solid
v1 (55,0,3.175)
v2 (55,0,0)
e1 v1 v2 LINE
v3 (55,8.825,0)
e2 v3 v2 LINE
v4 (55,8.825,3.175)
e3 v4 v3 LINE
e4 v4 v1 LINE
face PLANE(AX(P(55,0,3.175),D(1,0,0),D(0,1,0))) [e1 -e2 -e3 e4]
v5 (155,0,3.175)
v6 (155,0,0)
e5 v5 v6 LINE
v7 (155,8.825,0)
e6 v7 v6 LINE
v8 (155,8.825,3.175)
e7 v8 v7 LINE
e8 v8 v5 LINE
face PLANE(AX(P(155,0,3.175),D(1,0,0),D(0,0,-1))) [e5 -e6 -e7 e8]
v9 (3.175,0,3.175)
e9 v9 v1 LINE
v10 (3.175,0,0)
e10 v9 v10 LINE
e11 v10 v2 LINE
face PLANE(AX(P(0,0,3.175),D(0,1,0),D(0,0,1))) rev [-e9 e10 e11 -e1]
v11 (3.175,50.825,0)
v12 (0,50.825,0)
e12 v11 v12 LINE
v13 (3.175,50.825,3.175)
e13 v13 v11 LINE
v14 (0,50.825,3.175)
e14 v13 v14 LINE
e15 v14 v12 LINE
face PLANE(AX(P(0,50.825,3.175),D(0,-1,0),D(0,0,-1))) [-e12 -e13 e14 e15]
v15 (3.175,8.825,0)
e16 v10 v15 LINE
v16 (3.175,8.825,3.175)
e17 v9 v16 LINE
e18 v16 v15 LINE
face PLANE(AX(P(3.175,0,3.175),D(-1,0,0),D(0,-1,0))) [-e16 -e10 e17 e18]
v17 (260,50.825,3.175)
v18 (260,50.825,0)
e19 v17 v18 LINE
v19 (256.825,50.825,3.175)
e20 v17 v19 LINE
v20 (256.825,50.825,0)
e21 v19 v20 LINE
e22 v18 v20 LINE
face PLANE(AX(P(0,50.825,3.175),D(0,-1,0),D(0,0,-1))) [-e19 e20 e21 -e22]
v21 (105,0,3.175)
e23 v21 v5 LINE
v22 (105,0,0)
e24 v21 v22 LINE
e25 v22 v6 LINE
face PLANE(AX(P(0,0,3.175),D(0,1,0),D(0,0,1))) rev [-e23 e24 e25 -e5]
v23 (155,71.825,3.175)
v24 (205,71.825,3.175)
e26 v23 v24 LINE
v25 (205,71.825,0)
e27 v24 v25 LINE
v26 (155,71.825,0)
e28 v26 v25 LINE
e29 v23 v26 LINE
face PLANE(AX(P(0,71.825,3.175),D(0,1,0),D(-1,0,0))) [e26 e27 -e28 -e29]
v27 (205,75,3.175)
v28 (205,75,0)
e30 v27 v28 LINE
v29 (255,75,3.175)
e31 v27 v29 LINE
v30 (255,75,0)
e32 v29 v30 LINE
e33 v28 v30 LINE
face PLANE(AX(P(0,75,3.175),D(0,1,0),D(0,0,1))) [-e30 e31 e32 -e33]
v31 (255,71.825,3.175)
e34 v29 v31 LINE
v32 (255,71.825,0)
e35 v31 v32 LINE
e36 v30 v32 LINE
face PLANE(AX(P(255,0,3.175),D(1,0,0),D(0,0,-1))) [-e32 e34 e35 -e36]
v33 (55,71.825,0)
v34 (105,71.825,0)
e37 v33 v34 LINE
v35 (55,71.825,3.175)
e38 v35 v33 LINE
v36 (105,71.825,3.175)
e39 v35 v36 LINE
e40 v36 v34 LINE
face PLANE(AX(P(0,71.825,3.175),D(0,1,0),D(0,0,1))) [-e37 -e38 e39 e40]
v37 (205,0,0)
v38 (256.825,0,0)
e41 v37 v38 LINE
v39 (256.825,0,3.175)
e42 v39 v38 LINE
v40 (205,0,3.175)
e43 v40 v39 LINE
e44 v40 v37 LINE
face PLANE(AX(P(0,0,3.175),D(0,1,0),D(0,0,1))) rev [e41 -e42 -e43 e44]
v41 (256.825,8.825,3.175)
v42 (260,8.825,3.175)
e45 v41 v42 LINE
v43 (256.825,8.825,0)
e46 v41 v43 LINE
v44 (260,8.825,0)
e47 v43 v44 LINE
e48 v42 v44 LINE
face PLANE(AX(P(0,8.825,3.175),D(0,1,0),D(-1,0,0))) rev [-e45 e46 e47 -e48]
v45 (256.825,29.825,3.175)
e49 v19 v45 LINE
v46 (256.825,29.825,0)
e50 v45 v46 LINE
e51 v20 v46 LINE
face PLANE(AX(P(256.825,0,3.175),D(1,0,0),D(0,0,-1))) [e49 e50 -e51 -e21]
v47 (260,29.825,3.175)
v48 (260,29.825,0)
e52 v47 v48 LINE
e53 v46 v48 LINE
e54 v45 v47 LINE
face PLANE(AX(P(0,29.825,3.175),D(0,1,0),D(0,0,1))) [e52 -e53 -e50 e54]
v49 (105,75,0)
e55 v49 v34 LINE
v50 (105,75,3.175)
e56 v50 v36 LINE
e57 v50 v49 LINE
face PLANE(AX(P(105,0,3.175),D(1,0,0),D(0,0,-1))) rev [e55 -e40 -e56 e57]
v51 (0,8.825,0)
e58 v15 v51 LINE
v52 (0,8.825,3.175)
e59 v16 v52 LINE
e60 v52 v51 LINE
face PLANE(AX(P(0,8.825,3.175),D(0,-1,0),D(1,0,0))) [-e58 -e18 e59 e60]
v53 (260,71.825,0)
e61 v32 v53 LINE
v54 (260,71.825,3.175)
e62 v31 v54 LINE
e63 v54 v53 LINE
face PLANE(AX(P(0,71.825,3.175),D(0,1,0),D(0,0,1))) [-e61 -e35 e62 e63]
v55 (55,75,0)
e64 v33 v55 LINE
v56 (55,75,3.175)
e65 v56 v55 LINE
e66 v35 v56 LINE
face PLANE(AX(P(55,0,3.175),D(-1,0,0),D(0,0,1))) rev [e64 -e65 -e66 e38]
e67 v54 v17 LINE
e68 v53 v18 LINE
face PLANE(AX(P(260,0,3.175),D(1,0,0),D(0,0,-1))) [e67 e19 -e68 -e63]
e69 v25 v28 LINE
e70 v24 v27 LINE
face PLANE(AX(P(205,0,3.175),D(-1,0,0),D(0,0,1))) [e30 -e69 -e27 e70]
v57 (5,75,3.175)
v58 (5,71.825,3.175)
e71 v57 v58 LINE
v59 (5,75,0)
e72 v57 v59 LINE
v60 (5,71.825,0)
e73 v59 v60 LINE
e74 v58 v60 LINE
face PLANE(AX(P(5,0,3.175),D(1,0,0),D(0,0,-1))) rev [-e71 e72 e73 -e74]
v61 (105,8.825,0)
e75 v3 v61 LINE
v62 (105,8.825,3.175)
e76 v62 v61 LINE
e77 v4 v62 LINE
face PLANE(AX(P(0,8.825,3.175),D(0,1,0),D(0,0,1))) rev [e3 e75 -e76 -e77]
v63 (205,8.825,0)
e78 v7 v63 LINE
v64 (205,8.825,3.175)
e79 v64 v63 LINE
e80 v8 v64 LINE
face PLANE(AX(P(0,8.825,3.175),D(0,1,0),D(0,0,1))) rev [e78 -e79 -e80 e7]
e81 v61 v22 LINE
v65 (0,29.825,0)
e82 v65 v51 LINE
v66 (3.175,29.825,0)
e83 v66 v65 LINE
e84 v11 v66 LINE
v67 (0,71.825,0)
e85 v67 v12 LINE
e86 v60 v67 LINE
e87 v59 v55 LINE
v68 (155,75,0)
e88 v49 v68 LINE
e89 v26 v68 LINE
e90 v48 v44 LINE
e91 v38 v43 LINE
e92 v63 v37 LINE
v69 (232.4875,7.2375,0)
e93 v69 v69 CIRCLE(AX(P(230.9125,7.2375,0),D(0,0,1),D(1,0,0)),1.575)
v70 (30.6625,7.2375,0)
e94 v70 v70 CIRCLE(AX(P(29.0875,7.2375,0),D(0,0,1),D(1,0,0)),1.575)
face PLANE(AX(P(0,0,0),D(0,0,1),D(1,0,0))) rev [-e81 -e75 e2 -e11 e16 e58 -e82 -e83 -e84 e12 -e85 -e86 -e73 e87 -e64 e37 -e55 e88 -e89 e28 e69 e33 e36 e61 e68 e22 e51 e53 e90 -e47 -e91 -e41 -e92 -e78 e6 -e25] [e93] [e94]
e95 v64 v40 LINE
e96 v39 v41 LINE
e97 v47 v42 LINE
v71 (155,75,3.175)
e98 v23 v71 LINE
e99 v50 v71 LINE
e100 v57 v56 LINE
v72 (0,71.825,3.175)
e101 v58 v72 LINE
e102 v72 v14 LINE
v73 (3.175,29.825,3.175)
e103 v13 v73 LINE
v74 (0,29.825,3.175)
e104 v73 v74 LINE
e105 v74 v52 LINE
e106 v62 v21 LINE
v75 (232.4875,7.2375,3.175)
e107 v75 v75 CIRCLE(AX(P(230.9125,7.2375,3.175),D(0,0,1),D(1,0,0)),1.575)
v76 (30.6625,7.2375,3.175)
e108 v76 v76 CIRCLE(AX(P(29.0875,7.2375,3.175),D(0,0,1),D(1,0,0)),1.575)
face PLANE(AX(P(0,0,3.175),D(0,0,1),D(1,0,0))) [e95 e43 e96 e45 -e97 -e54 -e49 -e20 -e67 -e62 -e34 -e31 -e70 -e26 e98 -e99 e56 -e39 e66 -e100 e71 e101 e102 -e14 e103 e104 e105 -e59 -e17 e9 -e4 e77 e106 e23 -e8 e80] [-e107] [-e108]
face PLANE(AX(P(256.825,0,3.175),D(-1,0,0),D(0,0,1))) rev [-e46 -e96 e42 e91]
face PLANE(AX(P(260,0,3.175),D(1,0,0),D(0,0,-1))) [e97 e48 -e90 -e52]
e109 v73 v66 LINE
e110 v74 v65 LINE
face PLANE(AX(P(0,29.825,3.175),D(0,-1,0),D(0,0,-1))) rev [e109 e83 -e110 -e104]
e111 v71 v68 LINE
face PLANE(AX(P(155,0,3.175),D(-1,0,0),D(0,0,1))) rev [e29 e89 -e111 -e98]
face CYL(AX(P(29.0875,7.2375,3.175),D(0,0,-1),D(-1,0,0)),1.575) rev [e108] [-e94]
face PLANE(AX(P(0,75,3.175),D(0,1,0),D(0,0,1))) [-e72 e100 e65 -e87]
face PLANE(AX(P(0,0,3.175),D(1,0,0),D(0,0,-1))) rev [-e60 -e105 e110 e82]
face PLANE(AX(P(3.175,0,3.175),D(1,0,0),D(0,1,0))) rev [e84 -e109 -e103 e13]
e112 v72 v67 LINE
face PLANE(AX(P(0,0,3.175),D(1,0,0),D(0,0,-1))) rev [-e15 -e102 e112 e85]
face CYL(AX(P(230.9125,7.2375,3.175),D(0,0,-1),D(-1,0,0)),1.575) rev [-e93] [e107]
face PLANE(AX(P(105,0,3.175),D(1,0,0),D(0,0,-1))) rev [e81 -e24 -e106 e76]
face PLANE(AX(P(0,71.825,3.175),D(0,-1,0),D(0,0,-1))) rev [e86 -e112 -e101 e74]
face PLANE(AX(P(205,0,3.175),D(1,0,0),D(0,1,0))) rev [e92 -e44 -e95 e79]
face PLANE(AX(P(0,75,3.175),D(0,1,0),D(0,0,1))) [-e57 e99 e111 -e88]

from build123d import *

# Parameters (mm, degrees)
SKETCH1_R           = 1.575
BOSS_EXTRUDE1_DEPTH = 3.175


with BuildPart() as part:
    # Sketch1 → Boss-Extrude1 (new body)
    with BuildSketch(Plane.XY):
        Polygon((55, 75), (5, 75), (5, 71.825), (0, 71.825), (0, 50.825), (3.175, 50.825), (3.175, 29.825), (0, 29.825), (0, 8.825), (3.175, 8.825), (3.175, 0), (55, 0), (55, 8.825), (105, 8.825), (105, 0), (155, 0), (155, 8.825), (205, 8.825), (205, 0), (256.825, 0), (256.825, 8.825), (260, 8.825), (260, 29.825), (256.825, 29.825), (256.825, 50.825), (260, 50.825), (260, 71.825), (255, 71.825), (255, 75), (205, 75), (205, 71.825), (155, 71.825), (155, 75), (105, 75), (105, 71.825), (55, 71.825), align=None)
        with Locations((29.0875, 7.2375)):
            Circle(SKETCH1_R, mode=Mode.SUBTRACT)
        with Locations((230.9125, 7.2375)):
            Circle(SKETCH1_R, mode=Mode.SUBTRACT)
    extrude(amount=BOSS_EXTRUDE1_DEPTH)


solid = part.part
